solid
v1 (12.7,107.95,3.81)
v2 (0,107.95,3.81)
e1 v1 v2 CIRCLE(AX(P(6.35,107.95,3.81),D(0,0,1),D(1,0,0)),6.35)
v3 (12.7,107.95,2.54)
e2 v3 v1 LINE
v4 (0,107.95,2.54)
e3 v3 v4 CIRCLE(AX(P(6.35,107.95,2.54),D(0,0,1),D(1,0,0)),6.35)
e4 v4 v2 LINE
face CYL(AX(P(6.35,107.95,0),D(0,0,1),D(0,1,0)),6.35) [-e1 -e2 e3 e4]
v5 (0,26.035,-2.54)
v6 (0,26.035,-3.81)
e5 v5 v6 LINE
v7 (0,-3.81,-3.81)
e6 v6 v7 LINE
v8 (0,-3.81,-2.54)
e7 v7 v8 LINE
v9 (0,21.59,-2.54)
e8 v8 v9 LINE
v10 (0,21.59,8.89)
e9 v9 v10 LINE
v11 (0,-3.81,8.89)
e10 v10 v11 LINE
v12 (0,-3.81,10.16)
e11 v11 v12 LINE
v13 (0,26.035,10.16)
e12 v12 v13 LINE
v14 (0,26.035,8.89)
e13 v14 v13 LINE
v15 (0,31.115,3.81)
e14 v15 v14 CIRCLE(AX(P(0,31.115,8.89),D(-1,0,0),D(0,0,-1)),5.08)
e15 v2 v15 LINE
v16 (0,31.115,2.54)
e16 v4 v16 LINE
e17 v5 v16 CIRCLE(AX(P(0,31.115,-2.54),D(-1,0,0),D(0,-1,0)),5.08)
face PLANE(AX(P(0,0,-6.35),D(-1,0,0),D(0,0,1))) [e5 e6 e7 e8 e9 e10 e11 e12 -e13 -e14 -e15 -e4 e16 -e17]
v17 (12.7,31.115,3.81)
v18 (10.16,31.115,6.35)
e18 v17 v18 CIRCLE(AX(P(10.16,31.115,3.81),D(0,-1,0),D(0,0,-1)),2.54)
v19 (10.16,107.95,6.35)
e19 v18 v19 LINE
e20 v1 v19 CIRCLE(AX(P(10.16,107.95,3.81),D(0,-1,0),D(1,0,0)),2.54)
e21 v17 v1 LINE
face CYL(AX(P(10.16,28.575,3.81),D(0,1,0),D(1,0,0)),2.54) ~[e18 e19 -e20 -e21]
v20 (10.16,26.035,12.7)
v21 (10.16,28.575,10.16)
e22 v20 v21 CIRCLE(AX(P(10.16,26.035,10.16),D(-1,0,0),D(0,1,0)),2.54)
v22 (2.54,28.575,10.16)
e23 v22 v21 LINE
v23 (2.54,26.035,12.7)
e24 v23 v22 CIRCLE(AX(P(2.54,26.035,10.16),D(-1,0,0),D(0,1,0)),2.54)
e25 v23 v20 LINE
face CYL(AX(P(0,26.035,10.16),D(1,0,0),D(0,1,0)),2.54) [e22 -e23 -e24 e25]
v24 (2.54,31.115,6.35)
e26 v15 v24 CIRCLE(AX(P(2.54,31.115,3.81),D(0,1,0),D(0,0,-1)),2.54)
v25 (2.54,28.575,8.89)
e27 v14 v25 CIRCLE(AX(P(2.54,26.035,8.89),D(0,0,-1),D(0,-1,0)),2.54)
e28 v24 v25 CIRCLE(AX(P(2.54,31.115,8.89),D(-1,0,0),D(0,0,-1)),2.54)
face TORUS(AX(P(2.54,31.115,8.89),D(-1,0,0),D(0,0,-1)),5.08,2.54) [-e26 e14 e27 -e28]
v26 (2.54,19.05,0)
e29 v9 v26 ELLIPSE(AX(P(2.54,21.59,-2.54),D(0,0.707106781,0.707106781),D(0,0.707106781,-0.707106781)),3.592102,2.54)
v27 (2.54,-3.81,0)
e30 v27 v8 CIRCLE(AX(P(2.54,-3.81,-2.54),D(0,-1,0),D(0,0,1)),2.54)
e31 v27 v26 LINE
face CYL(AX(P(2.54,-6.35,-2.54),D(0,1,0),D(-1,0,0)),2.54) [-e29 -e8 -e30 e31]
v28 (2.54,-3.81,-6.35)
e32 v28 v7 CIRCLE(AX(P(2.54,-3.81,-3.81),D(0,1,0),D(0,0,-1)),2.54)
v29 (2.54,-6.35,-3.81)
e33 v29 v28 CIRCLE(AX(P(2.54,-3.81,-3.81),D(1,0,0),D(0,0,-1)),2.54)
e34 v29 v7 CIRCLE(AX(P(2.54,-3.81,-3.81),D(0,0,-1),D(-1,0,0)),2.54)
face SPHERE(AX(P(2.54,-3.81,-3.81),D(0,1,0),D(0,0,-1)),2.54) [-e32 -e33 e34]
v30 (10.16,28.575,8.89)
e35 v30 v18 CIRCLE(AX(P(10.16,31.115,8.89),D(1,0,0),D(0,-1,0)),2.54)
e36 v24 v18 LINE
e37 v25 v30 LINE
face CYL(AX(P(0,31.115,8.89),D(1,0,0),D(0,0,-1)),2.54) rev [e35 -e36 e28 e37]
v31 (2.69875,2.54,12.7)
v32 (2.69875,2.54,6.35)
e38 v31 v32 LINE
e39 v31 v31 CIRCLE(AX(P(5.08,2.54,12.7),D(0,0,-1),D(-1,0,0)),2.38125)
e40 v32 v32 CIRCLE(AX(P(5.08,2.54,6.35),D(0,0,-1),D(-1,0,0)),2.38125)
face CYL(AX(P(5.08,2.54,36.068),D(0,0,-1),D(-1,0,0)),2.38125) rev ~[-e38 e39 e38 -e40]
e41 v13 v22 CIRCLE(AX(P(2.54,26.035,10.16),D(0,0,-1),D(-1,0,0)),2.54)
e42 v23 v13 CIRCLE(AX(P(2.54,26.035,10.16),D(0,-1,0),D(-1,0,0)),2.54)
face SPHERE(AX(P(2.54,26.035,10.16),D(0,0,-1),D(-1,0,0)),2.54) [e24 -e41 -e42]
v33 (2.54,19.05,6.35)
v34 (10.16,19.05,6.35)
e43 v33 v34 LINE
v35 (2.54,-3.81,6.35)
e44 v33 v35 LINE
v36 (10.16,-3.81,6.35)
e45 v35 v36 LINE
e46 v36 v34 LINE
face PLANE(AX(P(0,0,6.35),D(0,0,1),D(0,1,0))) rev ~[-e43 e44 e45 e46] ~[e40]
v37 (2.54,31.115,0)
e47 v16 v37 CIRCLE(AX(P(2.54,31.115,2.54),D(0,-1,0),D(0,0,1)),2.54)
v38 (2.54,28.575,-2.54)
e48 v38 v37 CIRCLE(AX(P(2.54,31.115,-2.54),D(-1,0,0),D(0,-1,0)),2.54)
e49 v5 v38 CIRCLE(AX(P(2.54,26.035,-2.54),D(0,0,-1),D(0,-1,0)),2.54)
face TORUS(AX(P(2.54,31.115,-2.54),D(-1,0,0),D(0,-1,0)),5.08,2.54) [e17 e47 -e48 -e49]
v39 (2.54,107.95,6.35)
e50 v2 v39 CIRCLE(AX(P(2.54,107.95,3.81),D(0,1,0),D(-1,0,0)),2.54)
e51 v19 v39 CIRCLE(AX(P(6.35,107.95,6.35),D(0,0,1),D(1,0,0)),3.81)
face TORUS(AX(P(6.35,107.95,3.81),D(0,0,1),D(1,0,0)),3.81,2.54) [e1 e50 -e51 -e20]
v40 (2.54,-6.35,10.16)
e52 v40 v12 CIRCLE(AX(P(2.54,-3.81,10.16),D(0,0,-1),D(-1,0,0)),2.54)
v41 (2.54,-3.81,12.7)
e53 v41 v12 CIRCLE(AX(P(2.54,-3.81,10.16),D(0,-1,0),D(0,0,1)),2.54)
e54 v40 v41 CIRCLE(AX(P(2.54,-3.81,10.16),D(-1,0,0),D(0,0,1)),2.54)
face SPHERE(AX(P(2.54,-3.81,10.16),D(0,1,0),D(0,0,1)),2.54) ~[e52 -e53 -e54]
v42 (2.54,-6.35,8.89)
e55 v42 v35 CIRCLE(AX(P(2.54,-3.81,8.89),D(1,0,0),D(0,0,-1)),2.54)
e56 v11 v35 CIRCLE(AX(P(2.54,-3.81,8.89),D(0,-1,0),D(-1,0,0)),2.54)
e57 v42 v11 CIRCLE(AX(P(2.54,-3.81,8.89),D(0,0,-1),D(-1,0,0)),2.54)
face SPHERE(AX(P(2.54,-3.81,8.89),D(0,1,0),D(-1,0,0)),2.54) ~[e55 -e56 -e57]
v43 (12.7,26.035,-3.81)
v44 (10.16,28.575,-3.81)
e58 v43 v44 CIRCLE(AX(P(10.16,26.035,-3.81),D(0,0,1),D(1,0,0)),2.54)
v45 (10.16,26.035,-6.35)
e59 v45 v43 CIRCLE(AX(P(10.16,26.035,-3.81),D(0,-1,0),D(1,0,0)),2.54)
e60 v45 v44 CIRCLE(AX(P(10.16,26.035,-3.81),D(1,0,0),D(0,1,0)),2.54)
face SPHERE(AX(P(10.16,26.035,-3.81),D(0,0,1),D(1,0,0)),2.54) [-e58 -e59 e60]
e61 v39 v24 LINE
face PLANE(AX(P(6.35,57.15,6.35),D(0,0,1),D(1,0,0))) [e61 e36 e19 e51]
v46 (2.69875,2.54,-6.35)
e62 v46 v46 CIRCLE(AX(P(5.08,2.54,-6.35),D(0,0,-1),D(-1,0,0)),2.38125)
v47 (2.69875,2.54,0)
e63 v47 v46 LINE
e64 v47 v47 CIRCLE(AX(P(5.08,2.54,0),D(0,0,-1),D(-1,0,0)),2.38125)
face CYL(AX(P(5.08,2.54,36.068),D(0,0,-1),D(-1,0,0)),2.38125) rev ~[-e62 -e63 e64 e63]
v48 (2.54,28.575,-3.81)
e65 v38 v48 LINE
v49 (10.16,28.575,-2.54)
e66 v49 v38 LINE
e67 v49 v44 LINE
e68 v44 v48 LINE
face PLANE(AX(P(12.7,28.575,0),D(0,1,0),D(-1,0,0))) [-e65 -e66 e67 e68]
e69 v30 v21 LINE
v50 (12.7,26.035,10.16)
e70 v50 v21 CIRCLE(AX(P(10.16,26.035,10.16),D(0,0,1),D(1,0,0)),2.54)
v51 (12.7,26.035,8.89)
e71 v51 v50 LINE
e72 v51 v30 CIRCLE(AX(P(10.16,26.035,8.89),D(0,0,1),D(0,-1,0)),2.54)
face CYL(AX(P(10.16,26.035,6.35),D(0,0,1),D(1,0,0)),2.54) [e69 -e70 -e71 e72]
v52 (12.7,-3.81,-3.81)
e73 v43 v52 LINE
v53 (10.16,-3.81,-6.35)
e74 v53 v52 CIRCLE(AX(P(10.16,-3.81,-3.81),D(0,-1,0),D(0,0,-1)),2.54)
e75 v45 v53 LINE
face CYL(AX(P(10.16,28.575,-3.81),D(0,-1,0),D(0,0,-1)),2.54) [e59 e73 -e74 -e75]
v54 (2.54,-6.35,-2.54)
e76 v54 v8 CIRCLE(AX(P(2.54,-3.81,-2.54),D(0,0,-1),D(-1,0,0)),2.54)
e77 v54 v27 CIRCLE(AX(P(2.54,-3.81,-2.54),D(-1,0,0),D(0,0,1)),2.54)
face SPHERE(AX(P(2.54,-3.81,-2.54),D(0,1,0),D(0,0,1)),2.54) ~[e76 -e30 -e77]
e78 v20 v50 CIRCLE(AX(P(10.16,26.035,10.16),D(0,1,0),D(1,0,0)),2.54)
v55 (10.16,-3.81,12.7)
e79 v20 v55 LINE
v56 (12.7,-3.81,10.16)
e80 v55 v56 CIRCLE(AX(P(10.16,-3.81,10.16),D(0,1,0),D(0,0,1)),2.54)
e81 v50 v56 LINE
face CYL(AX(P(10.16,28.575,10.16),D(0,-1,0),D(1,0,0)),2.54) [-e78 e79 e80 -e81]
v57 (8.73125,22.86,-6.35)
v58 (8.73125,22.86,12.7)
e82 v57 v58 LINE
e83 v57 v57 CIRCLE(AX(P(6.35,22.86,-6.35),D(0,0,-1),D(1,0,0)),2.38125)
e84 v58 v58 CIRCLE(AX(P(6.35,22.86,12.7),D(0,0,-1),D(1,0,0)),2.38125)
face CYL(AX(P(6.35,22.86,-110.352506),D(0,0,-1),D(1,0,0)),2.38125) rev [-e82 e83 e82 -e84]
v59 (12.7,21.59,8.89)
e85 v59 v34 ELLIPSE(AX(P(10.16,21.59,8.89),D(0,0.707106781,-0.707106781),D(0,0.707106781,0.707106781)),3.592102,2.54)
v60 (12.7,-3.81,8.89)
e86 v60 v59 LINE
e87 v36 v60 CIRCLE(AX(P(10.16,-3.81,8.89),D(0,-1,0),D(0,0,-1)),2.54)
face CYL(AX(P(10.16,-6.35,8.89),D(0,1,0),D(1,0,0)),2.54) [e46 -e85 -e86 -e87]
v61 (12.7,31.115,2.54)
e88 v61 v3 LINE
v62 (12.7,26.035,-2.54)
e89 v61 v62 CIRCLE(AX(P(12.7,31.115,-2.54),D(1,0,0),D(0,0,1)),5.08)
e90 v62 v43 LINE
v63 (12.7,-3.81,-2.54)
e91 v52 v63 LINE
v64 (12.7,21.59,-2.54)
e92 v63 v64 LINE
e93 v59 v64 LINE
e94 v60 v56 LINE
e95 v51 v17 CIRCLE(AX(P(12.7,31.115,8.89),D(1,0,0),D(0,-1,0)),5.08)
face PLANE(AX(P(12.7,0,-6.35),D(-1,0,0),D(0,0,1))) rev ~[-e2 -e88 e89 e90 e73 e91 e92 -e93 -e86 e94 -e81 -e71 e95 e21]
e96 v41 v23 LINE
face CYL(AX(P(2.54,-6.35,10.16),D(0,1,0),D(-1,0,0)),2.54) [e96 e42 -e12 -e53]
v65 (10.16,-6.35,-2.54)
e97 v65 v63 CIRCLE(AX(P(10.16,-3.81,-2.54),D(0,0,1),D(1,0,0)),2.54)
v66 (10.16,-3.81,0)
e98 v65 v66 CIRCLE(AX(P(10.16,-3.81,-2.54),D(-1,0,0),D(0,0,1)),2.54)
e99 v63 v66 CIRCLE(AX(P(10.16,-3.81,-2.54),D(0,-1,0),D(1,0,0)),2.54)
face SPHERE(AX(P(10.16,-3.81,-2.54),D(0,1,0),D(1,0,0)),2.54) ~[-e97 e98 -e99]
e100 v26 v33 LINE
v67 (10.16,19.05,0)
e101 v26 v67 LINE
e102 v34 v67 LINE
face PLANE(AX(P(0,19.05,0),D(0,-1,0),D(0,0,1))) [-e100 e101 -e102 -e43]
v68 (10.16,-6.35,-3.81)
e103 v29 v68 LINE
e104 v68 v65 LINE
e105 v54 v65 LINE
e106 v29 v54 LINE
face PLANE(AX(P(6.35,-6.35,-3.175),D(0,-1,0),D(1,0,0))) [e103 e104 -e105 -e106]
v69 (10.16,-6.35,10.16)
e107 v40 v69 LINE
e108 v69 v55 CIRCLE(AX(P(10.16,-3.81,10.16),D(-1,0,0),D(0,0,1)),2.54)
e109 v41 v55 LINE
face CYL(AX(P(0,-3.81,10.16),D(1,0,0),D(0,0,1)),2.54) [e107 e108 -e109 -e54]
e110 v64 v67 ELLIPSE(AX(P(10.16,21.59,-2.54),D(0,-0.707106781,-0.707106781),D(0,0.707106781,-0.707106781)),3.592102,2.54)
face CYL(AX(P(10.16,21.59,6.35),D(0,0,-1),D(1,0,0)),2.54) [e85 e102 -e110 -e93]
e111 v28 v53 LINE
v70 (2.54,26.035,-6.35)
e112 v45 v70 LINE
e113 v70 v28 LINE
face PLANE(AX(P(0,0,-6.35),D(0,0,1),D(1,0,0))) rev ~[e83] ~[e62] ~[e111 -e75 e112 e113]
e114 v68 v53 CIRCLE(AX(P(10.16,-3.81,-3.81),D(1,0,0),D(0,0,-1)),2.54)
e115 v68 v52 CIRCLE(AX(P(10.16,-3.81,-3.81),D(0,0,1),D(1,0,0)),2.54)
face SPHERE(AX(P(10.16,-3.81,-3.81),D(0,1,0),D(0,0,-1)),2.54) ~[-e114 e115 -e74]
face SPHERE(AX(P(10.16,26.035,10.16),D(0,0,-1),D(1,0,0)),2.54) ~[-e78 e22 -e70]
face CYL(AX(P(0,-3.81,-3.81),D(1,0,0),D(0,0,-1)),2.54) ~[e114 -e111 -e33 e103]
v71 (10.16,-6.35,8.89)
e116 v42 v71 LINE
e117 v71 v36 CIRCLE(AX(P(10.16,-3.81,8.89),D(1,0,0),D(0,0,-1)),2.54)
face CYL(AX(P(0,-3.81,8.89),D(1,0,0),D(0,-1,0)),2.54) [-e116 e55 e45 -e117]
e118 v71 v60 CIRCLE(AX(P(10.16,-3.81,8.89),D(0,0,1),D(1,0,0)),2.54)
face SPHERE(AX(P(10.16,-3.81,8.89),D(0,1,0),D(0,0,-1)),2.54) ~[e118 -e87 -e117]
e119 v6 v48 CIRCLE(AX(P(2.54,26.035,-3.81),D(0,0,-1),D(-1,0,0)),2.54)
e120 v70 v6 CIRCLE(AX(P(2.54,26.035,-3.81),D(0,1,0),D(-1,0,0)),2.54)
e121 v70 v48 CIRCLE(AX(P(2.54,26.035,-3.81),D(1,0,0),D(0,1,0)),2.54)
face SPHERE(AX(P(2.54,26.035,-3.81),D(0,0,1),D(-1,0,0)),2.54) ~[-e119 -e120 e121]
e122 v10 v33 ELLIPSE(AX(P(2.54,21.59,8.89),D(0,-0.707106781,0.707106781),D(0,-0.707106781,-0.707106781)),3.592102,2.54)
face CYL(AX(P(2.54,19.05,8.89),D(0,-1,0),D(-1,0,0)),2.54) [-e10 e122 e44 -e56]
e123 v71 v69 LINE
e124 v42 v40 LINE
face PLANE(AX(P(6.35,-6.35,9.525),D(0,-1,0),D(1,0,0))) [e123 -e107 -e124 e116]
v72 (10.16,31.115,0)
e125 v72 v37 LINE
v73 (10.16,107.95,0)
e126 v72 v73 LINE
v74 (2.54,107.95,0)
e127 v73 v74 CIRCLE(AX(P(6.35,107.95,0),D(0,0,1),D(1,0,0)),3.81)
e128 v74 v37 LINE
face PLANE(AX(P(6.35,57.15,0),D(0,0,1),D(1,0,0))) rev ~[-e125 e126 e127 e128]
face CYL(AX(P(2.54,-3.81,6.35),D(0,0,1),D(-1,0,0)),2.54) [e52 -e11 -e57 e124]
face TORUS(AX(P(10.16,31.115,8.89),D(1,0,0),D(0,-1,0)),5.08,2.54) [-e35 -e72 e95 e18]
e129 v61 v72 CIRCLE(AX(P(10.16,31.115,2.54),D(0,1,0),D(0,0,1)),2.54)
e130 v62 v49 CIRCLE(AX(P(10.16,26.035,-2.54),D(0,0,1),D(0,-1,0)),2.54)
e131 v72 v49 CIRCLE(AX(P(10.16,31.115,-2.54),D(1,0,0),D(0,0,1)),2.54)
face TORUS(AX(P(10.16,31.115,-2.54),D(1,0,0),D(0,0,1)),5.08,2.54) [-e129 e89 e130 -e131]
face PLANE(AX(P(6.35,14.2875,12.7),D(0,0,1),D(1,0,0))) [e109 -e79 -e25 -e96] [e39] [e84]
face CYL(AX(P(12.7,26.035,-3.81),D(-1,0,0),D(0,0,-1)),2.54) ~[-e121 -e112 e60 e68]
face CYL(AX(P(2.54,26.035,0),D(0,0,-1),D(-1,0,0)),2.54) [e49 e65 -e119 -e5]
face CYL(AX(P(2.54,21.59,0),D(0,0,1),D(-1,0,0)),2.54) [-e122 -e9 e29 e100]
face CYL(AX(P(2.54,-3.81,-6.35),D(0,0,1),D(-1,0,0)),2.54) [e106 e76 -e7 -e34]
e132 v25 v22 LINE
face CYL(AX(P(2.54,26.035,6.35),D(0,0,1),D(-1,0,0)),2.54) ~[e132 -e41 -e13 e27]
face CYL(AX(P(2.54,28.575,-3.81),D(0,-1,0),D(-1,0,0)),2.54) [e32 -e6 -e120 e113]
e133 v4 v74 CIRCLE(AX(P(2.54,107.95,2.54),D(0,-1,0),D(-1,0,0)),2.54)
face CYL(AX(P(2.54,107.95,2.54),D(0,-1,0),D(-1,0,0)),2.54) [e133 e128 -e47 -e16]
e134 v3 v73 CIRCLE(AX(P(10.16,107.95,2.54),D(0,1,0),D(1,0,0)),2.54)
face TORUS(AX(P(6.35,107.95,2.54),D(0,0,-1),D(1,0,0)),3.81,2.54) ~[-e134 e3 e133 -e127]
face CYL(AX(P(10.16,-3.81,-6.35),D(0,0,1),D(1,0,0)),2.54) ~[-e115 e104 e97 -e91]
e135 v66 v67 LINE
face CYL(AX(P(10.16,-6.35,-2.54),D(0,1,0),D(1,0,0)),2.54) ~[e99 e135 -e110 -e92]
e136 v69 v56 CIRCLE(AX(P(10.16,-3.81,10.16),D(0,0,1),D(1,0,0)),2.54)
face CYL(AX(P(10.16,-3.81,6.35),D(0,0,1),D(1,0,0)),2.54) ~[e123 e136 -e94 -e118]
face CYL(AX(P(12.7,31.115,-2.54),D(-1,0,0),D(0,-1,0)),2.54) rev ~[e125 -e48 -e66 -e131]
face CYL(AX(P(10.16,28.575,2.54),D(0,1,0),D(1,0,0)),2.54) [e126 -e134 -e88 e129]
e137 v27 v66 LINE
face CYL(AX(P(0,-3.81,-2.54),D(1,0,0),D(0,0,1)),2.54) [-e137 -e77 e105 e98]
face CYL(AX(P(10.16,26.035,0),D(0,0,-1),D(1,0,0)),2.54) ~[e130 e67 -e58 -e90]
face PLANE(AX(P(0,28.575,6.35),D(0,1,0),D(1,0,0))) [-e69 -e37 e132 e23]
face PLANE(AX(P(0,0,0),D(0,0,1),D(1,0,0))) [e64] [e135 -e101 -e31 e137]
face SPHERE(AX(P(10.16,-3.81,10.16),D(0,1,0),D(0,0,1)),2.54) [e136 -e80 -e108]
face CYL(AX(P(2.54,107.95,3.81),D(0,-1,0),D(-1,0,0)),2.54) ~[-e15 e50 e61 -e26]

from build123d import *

# Parameters (mm, degrees)
SKETCH1_W                       = 12.7
SKETCH1_H                       = 114.3
BOSS_EXTRUDE1_DEPTH             = 6.35
SKETCH4_W                       = 12.7
SKETCH4_H                       = 28.575
BOSS_EXTRUDE3_DEPTH             = 6.35
SKETCH5_W                       = 12.7
SKETCH5_H                       = 28.575
BOSS_EXTRUDE4_DEPTH             = 6.35
SKETCH7_W                       = 6.35
SKETCH7_H                       = 19.05
CUT_EXTRUDE2_DEPTH              = 32.512
CUT_EXTRUDE3_DEPTH              = 116.702506455
CUT_EXTRUDE3_DEPTH_BACK         = 116.702506455
SKETCH8_R                       = 2.38125
FILLET5_RADIUS                  = 6.35
FILLET5_LENGTH                  = 6.35
SKETCH9_W                       = 12.7
SKETCH9_H                       = 6.35
BOSS_EXTRUDE5_DEPTH             = 6.35
FILLET6_R                       = 2.54
F_3_16_0_1875_DOWEL_HOLE1_D     = 4.7625
F_3_16_0_1875_DOWEL_HOLE1_DEPTH = 23.368
F_3_16_0_1875_DOWEL_HOLE1_TIP   = 1.430799349


with BuildPart() as part:
    # Sketch1 → Boss-Extrude1 (new body)
    with BuildSketch(Plane.XY):
        with Locations((6.35, 57.15)):
            Rectangle(SKETCH1_W, SKETCH1_H)
    extrude(amount=BOSS_EXTRUDE1_DEPTH)

    # Sketch4 → Boss-Extrude3 (add)
    with BuildSketch(Plane.XY.offset(6.35)):
        with Locations((6.35, 14.2875)):
            Rectangle(SKETCH4_W, SKETCH4_H)
    extrude(amount=BOSS_EXTRUDE3_DEPTH)

    # Sketch5 → Boss-Extrude4 (add)
    with BuildSketch(Plane(origin=(0, 0, 0), x_dir=(-1, 0, 0), z_dir=(0, 0, -1))):
        with Locations((-6.35, 14.2875)):
            Rectangle(SKETCH5_W, SKETCH5_H)
    extrude(amount=BOSS_EXTRUDE4_DEPTH)

    # Sketch7 → Cut-Extrude2 (cut)
    with BuildSketch(Plane.ZY):
        with Locations((3.175, 9.525)):
            Rectangle(SKETCH7_W, SKETCH7_H)
    extrude(amount=-CUT_EXTRUDE2_DEPTH, mode=Mode.SUBTRACT)

    # Sketch8 → Cut-Extrude3 (cut, two sides: drawn at the far end of the back side and taken through both)
    with BuildSketch(Plane.XY.offset(6.35).offset(-CUT_EXTRUDE3_DEPTH_BACK)):
        with Locations((6.35, 22.86)):
            Circle(SKETCH8_R)
    extrude(amount=CUT_EXTRUDE3_DEPTH + CUT_EXTRUDE3_DEPTH_BACK, mode=Mode.SUBTRACT)

    # Fillet5: full round fillet: the end face becomes a half cylinder, R = half its width
    fillet5_face = Plane((6.35, 114.3, 3.175), x_dir=(0, 0, 1), z_dir=(0, 1, 0))  # on the end face: x along it, z out of the body
    fillet5_slab = fillet5_face.offset(-FILLET5_RADIUS / 2) * Box(FILLET5_LENGTH, 2 * FILLET5_RADIUS, FILLET5_RADIUS, mode=Mode.PRIVATE)  # the body's end, R deep
    fillet5_round = Plane((6.35, 107.95, 3.175), x_dir=(0, 1, 0), z_dir=(0, 0, 1)) * Cylinder(FILLET5_RADIUS, FILLET5_LENGTH, mode=Mode.PRIVATE)  # its axis R under the face
    add(fillet5_slab - fillet5_round, mode=Mode.SUBTRACT)

    # Sketch9 → Boss-Extrude5 (add)
    with BuildSketch(Plane.XZ):
        with Locations((6.35, -3.175)):
            Rectangle(SKETCH9_W, SKETCH9_H)
        with Locations((6.35, 9.525)):
            Rectangle(SKETCH9_W, SKETCH9_H)
    extrude(amount=BOSS_EXTRUDE5_DEPTH)

    # Fillet6
    fillet6_edges = [part.edges().sort_by_distance(p)[0] for p in [
        (12.7, 68.2625, 6.35),
        (0, 28.575, 9.525),
        (6.35, 28.575, 6.35),
        (12.7, 28.575, 9.525),
        (0, 11.1125, 12.7),
        (12.7, 11.1125, 12.7),
        (6.35, 28.575, 12.7),
        (12.7, 68.2625, 0),
        (12.7, 28.575, -3.175),
        (6.35, 28.575, 0),
        (0, 28.575, -3.175),
        (12.7, 14.2875, -6.35),
        (0, 14.2875, -6.35),
        (6.35, 28.575, -6.35),
        (12.7, 9.525, 6.35),
        (12.7, 19.05, 3.175),
        (12.7, 9.525, 0),
        (0, 9.525, 0),
        (0, 9.525, 6.35),
        (0, 19.05, 3.175),
        (0, 68.2625, 6.35),
        (0, 68.2625, 0),
        (6.35, 114.3, 0),
        (6.35, 114.3, 6.35),
        (6.35, -6.35, -6.35),
        (12.7, -6.35, -3.175),
        (6.35, -6.35, 0),
        (0, -6.35, -3.175),
        (6.35, -6.35, 12.7),
        (0, -6.35, 9.525),
        (6.35, -6.35, 6.35),
        (12.7, -6.35, 9.525),
    ]]
    fillet(fillet6_edges, radius=FILLET6_R)

    # 3/16 (0.1875) Dowel Hole1
    with Locations(Plane.XY.offset(12.7)):
        with Locations((5.08, 2.54)):
            Hole(F_3_16_0_1875_DOWEL_HOLE1_D / 2, depth=F_3_16_0_1875_DOWEL_HOLE1_DEPTH)
            with Locations((0, 0, -(F_3_16_0_1875_DOWEL_HOLE1_DEPTH + F_3_16_0_1875_DOWEL_HOLE1_TIP / 2))):  # 118° drill point
                Cone(0, F_3_16_0_1875_DOWEL_HOLE1_D / 2, F_3_16_0_1875_DOWEL_HOLE1_TIP, mode=Mode.SUBTRACT)


solid = part.part
